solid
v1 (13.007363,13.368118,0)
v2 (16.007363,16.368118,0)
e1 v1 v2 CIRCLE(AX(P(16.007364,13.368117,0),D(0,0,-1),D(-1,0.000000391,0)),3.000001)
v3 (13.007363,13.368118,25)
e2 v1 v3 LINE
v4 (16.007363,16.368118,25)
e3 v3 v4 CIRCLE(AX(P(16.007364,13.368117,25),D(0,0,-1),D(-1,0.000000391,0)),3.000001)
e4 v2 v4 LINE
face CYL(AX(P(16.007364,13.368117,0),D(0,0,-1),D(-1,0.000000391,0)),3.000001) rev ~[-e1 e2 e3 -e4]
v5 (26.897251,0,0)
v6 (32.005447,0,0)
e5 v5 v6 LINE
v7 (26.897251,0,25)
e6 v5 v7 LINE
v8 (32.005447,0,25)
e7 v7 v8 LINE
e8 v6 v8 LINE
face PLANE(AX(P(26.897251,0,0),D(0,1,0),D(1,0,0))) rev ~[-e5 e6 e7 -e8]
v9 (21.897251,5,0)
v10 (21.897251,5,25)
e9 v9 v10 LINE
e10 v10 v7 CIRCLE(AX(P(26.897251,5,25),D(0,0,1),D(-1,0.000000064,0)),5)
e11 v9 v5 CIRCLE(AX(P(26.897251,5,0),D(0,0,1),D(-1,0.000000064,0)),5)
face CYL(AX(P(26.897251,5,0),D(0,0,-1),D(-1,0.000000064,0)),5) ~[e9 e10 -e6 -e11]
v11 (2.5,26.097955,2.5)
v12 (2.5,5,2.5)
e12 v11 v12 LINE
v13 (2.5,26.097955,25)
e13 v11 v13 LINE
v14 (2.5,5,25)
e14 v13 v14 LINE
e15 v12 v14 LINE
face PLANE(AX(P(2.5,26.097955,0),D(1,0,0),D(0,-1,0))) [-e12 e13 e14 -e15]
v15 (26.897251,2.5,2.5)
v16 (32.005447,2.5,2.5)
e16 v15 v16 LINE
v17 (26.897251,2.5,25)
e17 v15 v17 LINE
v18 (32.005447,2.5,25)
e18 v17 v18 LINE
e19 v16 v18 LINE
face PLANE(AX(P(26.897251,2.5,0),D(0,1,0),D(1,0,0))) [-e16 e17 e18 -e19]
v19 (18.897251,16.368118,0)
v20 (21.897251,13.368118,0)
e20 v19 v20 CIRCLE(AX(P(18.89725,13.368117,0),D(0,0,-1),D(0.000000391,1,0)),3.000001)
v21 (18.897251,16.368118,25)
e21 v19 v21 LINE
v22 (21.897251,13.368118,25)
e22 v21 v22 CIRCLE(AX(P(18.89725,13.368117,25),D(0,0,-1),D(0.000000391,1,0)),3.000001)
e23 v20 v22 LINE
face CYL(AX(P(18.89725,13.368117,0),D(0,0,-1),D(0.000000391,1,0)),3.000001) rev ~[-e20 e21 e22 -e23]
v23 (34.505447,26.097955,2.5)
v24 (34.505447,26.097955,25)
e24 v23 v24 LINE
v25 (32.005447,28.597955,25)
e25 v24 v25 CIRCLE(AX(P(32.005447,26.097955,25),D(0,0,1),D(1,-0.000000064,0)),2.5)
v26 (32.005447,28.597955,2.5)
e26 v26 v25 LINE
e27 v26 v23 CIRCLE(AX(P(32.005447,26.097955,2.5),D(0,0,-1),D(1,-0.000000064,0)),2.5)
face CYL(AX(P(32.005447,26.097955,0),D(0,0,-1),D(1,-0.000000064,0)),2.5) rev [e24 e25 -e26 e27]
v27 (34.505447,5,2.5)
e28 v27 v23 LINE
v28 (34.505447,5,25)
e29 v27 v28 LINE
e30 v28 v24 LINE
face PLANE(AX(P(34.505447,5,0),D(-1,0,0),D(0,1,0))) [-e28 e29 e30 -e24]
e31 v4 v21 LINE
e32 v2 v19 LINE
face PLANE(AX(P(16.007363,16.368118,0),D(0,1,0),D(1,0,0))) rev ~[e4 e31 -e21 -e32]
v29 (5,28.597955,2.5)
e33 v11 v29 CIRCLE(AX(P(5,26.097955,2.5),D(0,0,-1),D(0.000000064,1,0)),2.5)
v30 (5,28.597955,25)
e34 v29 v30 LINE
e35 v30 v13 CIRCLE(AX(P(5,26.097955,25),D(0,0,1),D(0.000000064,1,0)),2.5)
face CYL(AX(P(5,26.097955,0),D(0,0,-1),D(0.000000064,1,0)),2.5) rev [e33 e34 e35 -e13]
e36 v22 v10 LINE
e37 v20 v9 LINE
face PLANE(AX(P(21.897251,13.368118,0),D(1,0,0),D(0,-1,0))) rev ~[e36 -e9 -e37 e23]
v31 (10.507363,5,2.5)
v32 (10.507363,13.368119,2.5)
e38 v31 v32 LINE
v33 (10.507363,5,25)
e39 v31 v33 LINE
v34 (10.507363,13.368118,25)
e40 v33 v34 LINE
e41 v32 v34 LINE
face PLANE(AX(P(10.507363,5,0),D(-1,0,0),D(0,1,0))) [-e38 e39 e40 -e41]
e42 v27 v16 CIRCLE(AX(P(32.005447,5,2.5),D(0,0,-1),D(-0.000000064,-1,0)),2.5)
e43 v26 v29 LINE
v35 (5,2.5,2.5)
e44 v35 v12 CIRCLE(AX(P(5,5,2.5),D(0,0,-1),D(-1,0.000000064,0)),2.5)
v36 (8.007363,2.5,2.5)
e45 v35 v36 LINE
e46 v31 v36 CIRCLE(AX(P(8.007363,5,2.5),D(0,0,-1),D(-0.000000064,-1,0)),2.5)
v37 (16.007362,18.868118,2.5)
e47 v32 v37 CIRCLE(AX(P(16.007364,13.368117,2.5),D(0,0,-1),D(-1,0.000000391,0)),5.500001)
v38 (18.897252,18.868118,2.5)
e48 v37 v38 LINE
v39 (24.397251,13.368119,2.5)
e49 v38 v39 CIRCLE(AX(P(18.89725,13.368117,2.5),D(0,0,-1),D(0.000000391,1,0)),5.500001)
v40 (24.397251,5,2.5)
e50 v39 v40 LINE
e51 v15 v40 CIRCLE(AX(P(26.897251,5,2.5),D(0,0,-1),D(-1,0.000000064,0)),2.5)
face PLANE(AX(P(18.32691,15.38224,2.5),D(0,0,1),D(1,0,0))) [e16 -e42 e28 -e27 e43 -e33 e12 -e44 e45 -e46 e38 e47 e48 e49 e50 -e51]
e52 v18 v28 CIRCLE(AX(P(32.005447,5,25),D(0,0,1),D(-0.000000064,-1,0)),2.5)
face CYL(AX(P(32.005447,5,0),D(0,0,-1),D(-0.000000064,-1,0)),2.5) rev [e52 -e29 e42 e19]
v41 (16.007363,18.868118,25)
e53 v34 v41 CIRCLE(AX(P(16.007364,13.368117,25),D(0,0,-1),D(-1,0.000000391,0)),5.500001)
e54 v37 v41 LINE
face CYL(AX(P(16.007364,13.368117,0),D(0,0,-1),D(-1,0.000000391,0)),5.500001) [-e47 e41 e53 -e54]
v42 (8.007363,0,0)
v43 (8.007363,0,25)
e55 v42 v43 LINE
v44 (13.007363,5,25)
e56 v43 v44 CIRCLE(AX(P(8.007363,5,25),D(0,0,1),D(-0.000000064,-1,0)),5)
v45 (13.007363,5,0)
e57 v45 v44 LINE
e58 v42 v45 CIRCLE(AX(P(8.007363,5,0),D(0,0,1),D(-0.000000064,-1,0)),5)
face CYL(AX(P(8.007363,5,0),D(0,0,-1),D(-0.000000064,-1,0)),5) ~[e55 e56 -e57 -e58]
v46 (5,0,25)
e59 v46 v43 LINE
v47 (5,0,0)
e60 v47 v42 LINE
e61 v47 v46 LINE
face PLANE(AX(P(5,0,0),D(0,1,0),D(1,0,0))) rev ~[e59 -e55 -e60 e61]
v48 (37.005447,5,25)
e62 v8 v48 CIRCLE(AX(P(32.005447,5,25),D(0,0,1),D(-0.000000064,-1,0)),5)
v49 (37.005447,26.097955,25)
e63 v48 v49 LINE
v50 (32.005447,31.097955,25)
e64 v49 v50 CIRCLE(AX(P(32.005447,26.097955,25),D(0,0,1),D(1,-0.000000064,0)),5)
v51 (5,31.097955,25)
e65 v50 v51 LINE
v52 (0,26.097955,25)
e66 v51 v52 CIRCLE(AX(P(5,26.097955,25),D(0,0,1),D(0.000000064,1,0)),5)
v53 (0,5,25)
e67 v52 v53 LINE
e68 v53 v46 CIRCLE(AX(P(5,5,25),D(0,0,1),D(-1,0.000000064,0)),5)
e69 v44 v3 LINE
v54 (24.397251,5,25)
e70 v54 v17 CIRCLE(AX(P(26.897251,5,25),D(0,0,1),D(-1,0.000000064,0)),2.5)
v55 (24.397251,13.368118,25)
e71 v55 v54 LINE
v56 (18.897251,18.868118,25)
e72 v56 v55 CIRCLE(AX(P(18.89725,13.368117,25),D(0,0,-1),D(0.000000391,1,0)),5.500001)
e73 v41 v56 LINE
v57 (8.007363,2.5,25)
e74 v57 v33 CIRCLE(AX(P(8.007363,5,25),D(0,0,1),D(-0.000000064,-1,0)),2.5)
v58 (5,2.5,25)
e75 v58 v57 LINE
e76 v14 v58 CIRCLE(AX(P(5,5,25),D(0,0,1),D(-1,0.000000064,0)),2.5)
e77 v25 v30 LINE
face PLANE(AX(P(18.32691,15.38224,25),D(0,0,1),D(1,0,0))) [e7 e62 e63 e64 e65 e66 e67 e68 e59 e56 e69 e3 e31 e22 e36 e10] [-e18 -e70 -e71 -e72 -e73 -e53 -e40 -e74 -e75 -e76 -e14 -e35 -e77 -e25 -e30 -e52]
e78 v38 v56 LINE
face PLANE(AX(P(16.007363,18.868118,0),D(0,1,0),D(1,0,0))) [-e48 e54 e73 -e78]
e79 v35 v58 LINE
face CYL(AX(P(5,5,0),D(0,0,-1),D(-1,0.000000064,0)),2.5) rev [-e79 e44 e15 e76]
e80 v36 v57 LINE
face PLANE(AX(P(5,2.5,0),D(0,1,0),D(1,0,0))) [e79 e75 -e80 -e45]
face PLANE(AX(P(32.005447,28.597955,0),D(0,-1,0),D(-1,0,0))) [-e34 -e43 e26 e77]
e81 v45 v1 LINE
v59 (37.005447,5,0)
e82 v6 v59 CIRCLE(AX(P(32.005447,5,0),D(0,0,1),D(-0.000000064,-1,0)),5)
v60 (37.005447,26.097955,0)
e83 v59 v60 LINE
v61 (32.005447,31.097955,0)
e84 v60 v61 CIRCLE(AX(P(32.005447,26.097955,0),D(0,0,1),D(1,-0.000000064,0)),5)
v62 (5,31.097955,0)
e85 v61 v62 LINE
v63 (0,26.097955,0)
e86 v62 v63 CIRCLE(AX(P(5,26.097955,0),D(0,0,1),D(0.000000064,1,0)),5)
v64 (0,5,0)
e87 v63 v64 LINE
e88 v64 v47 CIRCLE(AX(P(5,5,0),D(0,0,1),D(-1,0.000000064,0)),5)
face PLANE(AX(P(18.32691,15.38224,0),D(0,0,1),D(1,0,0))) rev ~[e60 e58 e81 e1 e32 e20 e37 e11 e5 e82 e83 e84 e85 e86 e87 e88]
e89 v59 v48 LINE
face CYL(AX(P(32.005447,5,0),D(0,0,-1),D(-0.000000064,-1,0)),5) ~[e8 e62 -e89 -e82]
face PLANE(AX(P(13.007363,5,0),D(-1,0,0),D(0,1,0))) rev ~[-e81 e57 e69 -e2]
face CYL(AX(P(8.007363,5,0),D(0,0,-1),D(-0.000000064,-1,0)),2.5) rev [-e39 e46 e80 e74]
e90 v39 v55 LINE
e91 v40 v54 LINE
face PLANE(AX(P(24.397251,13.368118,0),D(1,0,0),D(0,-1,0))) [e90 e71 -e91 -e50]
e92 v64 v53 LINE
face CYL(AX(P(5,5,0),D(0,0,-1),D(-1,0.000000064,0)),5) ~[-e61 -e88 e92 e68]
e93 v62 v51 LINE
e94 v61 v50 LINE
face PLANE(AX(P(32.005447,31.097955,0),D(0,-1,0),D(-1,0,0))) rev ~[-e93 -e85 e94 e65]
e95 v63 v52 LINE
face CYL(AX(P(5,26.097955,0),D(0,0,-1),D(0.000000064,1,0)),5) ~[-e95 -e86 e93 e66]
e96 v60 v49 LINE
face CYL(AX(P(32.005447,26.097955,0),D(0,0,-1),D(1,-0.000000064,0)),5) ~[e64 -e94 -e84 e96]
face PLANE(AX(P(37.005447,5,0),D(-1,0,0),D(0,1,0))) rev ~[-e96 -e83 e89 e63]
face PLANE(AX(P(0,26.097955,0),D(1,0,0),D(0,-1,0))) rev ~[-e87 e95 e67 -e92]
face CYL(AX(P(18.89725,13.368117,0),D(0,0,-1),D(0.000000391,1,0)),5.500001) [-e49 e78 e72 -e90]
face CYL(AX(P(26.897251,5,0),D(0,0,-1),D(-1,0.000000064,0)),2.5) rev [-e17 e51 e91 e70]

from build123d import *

# Parameters (mm, degrees)
F1_DEPTH = 25
F2_T     = -2.5


with BuildPart() as f1:
    # F0 (on Top) → F1 (new body)
    with BuildSketch(Plane.XY):
        with BuildLine():
            ThreePointArc((0, 5), (1.464466, 1.464466), (5, 0))
            Line((5, 0), (8.007363, 0))
            ThreePointArc((8.007363, 0), (11.542897, 1.464466), (13.007363, 5))
            Line((13.007363, 5), (13.007363, 13.368118))
            ThreePointArc((13.007363, 13.368118), (13.886043, 15.489438), (16.007363, 16.368118))
            Line((16.007363, 16.368118), (18.897251, 16.368118))
            ThreePointArc((18.897251, 16.368118), (21.018571, 15.489438), (21.897251, 13.368118))
            Line((21.897251, 13.368118), (21.897251, 5))
            ThreePointArc((21.897251, 5), (23.361717, 1.464466), (26.897251, 0))
            Line((26.897251, 0), (32.005447, 0))
            ThreePointArc((32.005447, 0), (35.540981, 1.464466), (37.005447, 5))
            Line((37.005447, 5), (37.005447, 26.097955))
            ThreePointArc((37.005447, 26.097955), (35.540981, 29.633489), (32.005447, 31.097955))
            Line((32.005447, 31.097955), (5, 31.097955))
            ThreePointArc((5, 31.097955), (1.464466, 29.633489), (0, 26.097955))
            Line((0, 26.097955), (0, 5))
        make_face()
    extrude(amount=F1_DEPTH)

    # F2
    f2_openings = [f1.faces().sort_by_distance(p)[0] for p in [
        (18.666559, 16.805031, 25),
    ]]
    offset(amount=F2_T, openings=f2_openings)


solid = f1.part
